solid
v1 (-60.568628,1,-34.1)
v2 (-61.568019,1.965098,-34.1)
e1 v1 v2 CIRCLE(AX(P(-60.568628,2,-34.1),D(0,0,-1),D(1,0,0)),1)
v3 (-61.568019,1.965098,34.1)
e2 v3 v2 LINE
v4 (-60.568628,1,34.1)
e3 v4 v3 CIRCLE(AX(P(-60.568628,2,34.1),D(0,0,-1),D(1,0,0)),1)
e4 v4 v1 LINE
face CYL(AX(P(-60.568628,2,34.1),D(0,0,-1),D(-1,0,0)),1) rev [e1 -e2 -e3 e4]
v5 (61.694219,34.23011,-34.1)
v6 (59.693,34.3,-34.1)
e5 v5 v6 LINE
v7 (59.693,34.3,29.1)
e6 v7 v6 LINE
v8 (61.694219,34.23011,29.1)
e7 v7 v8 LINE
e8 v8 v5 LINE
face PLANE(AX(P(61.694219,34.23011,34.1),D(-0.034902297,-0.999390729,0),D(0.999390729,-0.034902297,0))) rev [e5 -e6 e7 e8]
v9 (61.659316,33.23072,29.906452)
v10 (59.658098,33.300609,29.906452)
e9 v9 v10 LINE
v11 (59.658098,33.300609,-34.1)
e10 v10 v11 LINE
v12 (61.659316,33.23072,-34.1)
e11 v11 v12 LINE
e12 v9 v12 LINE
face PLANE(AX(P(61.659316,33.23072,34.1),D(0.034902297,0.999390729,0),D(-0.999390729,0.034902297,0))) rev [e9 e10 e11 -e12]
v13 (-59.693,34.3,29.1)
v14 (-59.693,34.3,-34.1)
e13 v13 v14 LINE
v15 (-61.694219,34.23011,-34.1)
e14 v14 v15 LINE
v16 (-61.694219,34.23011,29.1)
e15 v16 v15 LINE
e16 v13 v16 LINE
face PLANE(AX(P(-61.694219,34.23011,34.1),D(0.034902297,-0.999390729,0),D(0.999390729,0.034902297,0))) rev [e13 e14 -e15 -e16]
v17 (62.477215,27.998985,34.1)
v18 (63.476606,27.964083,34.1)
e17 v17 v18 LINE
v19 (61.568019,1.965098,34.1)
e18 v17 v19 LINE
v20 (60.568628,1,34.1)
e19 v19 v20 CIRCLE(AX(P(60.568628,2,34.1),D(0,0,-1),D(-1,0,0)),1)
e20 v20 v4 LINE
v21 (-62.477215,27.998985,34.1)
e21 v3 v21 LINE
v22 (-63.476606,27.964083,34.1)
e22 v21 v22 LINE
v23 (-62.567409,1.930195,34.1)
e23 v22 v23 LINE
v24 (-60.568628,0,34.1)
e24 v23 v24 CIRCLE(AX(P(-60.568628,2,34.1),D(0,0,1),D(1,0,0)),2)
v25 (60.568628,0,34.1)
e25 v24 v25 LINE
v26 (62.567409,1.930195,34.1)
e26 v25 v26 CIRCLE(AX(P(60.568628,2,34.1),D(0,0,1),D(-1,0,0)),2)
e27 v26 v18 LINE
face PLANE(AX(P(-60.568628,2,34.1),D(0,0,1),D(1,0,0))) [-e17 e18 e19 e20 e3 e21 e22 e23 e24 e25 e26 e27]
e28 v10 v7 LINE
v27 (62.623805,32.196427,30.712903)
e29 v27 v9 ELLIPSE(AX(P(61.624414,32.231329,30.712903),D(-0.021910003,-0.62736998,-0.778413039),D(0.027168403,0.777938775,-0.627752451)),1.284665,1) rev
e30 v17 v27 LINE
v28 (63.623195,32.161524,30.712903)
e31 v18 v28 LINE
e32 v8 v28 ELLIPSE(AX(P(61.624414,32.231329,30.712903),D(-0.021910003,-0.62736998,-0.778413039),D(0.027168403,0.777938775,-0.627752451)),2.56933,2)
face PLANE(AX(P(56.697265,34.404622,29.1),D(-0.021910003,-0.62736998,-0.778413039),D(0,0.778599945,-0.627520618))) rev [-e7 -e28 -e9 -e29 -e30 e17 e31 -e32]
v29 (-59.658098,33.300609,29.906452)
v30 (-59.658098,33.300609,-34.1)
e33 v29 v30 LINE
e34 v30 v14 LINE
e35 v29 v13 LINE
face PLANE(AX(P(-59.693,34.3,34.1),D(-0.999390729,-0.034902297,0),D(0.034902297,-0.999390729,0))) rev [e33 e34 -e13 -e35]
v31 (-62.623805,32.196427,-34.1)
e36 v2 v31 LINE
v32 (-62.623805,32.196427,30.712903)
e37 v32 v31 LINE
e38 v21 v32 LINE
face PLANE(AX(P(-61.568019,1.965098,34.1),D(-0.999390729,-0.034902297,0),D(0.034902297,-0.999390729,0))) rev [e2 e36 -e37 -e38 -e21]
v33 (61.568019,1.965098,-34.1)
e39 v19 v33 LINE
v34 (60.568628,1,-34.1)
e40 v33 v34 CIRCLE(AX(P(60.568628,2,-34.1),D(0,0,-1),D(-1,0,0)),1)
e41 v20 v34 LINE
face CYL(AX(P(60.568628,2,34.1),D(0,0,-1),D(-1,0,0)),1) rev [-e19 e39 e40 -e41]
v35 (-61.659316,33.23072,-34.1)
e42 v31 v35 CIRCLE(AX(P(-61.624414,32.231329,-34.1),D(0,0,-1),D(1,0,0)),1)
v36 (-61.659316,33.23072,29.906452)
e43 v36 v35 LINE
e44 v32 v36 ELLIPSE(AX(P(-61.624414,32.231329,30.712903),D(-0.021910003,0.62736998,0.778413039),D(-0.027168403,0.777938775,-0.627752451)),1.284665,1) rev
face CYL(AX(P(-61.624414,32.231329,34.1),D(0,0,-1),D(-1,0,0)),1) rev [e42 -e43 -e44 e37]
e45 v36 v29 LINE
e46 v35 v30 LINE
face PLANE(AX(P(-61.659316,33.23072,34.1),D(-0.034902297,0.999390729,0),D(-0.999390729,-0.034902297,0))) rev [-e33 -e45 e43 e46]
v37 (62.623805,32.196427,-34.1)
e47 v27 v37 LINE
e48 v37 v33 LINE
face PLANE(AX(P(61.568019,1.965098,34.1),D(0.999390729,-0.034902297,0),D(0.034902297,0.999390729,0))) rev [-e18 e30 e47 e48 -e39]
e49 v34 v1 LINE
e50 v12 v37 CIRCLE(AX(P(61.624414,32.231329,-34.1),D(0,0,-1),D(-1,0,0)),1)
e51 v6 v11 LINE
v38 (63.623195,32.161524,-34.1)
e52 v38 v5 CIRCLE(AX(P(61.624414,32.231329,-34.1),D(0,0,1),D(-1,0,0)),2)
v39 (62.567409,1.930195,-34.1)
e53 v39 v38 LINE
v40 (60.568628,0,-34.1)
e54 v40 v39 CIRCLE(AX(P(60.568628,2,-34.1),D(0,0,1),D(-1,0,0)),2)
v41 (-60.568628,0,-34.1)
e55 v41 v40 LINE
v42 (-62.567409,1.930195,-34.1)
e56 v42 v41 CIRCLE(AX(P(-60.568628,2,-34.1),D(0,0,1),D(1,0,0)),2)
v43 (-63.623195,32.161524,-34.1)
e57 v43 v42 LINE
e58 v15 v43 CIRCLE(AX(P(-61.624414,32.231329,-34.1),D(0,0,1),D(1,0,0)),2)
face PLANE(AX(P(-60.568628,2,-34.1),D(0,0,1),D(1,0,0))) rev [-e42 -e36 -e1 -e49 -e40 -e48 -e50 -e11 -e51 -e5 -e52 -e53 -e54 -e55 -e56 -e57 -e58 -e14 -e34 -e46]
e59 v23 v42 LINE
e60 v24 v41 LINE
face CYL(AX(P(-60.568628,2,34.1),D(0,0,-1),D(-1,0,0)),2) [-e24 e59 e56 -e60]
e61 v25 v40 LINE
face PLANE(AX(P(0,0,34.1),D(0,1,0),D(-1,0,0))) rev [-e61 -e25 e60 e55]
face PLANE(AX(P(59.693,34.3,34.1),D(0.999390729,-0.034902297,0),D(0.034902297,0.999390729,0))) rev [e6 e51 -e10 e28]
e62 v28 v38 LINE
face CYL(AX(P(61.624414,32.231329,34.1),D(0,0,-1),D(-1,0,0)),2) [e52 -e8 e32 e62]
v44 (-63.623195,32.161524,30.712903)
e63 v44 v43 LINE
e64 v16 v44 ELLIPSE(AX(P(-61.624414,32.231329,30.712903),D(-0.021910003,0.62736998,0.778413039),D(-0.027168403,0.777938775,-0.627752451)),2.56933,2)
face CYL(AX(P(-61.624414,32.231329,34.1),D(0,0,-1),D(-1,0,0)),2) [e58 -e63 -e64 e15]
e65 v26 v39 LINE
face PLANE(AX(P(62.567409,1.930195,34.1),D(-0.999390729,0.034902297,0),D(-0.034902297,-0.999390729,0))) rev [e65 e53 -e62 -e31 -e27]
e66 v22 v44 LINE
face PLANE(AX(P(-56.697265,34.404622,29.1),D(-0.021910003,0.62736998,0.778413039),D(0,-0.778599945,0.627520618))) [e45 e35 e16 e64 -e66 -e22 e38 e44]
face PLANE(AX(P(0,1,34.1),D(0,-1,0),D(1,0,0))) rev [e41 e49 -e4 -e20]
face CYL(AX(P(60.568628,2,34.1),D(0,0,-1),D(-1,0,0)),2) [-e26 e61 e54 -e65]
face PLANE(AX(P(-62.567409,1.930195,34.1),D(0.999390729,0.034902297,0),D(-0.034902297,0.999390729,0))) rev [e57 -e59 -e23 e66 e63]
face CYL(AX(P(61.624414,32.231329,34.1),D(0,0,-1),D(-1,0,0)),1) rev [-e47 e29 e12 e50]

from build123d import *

# Parameters (mm, degrees)
BOSS_EXTRUDE1_DEPTH = 34.1
CUT_EXTRUDE1_DEPTH  = 7


with BuildPart() as part:
    # Sketch1 → Boss-Extrude1 (new body, symmetric)
    with BuildSketch(Plane.XY):
        with BuildLine():
            Line((0, 0), (-60.568627866, 0))
            ThreePointArc((-60.568627866, 0), (-61.957942591, 0.561318453), (-62.567409324, 1.930195406))
            Line((-62.567409324, 1.930195406), (-63.623195406, 32.161524241))
            ThreePointArc((-63.623195406, 32.161524241), (-63.087125173, 33.595321457), (-61.694218542, 34.230110294))
            Line((-61.694218542, 34.230110294), (-59.693, 34.3))
            Line((-59.693, 34.3), (-59.658097703, 33.300609271))
            Line((-59.658097703, 33.300609271), (-61.659316244, 33.230719565))
            ThreePointArc((-61.659316244, 33.230719565), (-62.35576956, 32.913325146), (-62.623804676, 32.196426538))
            Line((-62.623804676, 32.196426538), (-61.568018595, 1.965097703))
            ThreePointArc((-61.568018595, 1.965097703), (-61.263285228, 1.280659226), (-60.568627866, 1))
            Line((-60.568627866, 1), (0, 1))
            Line((0, 1), (60.568627866, 1))
            ThreePointArc((60.568627866, 1), (61.263285228, 1.280659226), (61.568018595, 1.965097703))
            Line((61.568018595, 1.965097703), (62.623804676, 32.196426538))
            ThreePointArc((62.623804676, 32.196426538), (62.35576956, 32.913325146), (61.659316244, 33.230719565))
            Line((61.659316244, 33.230719565), (59.658097703, 33.300609271))
            Line((59.658097703, 33.300609271), (59.693, 34.3))
            Line((59.693, 34.3), (61.694218542, 34.230110294))
            ThreePointArc((61.694218542, 34.230110294), (63.087125173, 33.595321457), (63.623195406, 32.161524241))
            Line((63.623195406, 32.161524241), (62.567409324, 1.930195406))
            ThreePointArc((62.567409324, 1.930195406), (61.957942591, 0.561318453), (60.568627866, 0))
            Line((60.568627866, 0), (0, 0))
        make_face()
    extrude(amount=BOSS_EXTRUDE1_DEPTH, both=True)

    # Sketch2 → Cut-Extrude1 (cut)
    with BuildSketch(Plane(origin=(62.423864353, -2.180064512, 0), x_dir=(0, 0, -1), z_dir=(0.999390729, -0.034902297, 0))):
        Polygon((-34.1, 36.362524836), (-29.1, 36.362524836), (-34.1, 30.162524836), align=None)
    cut_extrude1 = extrude(amount=-CUT_EXTRUDE1_DEPTH, mode=Mode.SUBTRACT)

    # Mirror1: Cut-Extrude1 across plane
    add(cut_extrude1.mirror(Plane(origin=(0, 0, 0), x_dir=(0, 0, 1), z_dir=(1, 0, 0))), mode=Mode.SUBTRACT)


solid = part.part
